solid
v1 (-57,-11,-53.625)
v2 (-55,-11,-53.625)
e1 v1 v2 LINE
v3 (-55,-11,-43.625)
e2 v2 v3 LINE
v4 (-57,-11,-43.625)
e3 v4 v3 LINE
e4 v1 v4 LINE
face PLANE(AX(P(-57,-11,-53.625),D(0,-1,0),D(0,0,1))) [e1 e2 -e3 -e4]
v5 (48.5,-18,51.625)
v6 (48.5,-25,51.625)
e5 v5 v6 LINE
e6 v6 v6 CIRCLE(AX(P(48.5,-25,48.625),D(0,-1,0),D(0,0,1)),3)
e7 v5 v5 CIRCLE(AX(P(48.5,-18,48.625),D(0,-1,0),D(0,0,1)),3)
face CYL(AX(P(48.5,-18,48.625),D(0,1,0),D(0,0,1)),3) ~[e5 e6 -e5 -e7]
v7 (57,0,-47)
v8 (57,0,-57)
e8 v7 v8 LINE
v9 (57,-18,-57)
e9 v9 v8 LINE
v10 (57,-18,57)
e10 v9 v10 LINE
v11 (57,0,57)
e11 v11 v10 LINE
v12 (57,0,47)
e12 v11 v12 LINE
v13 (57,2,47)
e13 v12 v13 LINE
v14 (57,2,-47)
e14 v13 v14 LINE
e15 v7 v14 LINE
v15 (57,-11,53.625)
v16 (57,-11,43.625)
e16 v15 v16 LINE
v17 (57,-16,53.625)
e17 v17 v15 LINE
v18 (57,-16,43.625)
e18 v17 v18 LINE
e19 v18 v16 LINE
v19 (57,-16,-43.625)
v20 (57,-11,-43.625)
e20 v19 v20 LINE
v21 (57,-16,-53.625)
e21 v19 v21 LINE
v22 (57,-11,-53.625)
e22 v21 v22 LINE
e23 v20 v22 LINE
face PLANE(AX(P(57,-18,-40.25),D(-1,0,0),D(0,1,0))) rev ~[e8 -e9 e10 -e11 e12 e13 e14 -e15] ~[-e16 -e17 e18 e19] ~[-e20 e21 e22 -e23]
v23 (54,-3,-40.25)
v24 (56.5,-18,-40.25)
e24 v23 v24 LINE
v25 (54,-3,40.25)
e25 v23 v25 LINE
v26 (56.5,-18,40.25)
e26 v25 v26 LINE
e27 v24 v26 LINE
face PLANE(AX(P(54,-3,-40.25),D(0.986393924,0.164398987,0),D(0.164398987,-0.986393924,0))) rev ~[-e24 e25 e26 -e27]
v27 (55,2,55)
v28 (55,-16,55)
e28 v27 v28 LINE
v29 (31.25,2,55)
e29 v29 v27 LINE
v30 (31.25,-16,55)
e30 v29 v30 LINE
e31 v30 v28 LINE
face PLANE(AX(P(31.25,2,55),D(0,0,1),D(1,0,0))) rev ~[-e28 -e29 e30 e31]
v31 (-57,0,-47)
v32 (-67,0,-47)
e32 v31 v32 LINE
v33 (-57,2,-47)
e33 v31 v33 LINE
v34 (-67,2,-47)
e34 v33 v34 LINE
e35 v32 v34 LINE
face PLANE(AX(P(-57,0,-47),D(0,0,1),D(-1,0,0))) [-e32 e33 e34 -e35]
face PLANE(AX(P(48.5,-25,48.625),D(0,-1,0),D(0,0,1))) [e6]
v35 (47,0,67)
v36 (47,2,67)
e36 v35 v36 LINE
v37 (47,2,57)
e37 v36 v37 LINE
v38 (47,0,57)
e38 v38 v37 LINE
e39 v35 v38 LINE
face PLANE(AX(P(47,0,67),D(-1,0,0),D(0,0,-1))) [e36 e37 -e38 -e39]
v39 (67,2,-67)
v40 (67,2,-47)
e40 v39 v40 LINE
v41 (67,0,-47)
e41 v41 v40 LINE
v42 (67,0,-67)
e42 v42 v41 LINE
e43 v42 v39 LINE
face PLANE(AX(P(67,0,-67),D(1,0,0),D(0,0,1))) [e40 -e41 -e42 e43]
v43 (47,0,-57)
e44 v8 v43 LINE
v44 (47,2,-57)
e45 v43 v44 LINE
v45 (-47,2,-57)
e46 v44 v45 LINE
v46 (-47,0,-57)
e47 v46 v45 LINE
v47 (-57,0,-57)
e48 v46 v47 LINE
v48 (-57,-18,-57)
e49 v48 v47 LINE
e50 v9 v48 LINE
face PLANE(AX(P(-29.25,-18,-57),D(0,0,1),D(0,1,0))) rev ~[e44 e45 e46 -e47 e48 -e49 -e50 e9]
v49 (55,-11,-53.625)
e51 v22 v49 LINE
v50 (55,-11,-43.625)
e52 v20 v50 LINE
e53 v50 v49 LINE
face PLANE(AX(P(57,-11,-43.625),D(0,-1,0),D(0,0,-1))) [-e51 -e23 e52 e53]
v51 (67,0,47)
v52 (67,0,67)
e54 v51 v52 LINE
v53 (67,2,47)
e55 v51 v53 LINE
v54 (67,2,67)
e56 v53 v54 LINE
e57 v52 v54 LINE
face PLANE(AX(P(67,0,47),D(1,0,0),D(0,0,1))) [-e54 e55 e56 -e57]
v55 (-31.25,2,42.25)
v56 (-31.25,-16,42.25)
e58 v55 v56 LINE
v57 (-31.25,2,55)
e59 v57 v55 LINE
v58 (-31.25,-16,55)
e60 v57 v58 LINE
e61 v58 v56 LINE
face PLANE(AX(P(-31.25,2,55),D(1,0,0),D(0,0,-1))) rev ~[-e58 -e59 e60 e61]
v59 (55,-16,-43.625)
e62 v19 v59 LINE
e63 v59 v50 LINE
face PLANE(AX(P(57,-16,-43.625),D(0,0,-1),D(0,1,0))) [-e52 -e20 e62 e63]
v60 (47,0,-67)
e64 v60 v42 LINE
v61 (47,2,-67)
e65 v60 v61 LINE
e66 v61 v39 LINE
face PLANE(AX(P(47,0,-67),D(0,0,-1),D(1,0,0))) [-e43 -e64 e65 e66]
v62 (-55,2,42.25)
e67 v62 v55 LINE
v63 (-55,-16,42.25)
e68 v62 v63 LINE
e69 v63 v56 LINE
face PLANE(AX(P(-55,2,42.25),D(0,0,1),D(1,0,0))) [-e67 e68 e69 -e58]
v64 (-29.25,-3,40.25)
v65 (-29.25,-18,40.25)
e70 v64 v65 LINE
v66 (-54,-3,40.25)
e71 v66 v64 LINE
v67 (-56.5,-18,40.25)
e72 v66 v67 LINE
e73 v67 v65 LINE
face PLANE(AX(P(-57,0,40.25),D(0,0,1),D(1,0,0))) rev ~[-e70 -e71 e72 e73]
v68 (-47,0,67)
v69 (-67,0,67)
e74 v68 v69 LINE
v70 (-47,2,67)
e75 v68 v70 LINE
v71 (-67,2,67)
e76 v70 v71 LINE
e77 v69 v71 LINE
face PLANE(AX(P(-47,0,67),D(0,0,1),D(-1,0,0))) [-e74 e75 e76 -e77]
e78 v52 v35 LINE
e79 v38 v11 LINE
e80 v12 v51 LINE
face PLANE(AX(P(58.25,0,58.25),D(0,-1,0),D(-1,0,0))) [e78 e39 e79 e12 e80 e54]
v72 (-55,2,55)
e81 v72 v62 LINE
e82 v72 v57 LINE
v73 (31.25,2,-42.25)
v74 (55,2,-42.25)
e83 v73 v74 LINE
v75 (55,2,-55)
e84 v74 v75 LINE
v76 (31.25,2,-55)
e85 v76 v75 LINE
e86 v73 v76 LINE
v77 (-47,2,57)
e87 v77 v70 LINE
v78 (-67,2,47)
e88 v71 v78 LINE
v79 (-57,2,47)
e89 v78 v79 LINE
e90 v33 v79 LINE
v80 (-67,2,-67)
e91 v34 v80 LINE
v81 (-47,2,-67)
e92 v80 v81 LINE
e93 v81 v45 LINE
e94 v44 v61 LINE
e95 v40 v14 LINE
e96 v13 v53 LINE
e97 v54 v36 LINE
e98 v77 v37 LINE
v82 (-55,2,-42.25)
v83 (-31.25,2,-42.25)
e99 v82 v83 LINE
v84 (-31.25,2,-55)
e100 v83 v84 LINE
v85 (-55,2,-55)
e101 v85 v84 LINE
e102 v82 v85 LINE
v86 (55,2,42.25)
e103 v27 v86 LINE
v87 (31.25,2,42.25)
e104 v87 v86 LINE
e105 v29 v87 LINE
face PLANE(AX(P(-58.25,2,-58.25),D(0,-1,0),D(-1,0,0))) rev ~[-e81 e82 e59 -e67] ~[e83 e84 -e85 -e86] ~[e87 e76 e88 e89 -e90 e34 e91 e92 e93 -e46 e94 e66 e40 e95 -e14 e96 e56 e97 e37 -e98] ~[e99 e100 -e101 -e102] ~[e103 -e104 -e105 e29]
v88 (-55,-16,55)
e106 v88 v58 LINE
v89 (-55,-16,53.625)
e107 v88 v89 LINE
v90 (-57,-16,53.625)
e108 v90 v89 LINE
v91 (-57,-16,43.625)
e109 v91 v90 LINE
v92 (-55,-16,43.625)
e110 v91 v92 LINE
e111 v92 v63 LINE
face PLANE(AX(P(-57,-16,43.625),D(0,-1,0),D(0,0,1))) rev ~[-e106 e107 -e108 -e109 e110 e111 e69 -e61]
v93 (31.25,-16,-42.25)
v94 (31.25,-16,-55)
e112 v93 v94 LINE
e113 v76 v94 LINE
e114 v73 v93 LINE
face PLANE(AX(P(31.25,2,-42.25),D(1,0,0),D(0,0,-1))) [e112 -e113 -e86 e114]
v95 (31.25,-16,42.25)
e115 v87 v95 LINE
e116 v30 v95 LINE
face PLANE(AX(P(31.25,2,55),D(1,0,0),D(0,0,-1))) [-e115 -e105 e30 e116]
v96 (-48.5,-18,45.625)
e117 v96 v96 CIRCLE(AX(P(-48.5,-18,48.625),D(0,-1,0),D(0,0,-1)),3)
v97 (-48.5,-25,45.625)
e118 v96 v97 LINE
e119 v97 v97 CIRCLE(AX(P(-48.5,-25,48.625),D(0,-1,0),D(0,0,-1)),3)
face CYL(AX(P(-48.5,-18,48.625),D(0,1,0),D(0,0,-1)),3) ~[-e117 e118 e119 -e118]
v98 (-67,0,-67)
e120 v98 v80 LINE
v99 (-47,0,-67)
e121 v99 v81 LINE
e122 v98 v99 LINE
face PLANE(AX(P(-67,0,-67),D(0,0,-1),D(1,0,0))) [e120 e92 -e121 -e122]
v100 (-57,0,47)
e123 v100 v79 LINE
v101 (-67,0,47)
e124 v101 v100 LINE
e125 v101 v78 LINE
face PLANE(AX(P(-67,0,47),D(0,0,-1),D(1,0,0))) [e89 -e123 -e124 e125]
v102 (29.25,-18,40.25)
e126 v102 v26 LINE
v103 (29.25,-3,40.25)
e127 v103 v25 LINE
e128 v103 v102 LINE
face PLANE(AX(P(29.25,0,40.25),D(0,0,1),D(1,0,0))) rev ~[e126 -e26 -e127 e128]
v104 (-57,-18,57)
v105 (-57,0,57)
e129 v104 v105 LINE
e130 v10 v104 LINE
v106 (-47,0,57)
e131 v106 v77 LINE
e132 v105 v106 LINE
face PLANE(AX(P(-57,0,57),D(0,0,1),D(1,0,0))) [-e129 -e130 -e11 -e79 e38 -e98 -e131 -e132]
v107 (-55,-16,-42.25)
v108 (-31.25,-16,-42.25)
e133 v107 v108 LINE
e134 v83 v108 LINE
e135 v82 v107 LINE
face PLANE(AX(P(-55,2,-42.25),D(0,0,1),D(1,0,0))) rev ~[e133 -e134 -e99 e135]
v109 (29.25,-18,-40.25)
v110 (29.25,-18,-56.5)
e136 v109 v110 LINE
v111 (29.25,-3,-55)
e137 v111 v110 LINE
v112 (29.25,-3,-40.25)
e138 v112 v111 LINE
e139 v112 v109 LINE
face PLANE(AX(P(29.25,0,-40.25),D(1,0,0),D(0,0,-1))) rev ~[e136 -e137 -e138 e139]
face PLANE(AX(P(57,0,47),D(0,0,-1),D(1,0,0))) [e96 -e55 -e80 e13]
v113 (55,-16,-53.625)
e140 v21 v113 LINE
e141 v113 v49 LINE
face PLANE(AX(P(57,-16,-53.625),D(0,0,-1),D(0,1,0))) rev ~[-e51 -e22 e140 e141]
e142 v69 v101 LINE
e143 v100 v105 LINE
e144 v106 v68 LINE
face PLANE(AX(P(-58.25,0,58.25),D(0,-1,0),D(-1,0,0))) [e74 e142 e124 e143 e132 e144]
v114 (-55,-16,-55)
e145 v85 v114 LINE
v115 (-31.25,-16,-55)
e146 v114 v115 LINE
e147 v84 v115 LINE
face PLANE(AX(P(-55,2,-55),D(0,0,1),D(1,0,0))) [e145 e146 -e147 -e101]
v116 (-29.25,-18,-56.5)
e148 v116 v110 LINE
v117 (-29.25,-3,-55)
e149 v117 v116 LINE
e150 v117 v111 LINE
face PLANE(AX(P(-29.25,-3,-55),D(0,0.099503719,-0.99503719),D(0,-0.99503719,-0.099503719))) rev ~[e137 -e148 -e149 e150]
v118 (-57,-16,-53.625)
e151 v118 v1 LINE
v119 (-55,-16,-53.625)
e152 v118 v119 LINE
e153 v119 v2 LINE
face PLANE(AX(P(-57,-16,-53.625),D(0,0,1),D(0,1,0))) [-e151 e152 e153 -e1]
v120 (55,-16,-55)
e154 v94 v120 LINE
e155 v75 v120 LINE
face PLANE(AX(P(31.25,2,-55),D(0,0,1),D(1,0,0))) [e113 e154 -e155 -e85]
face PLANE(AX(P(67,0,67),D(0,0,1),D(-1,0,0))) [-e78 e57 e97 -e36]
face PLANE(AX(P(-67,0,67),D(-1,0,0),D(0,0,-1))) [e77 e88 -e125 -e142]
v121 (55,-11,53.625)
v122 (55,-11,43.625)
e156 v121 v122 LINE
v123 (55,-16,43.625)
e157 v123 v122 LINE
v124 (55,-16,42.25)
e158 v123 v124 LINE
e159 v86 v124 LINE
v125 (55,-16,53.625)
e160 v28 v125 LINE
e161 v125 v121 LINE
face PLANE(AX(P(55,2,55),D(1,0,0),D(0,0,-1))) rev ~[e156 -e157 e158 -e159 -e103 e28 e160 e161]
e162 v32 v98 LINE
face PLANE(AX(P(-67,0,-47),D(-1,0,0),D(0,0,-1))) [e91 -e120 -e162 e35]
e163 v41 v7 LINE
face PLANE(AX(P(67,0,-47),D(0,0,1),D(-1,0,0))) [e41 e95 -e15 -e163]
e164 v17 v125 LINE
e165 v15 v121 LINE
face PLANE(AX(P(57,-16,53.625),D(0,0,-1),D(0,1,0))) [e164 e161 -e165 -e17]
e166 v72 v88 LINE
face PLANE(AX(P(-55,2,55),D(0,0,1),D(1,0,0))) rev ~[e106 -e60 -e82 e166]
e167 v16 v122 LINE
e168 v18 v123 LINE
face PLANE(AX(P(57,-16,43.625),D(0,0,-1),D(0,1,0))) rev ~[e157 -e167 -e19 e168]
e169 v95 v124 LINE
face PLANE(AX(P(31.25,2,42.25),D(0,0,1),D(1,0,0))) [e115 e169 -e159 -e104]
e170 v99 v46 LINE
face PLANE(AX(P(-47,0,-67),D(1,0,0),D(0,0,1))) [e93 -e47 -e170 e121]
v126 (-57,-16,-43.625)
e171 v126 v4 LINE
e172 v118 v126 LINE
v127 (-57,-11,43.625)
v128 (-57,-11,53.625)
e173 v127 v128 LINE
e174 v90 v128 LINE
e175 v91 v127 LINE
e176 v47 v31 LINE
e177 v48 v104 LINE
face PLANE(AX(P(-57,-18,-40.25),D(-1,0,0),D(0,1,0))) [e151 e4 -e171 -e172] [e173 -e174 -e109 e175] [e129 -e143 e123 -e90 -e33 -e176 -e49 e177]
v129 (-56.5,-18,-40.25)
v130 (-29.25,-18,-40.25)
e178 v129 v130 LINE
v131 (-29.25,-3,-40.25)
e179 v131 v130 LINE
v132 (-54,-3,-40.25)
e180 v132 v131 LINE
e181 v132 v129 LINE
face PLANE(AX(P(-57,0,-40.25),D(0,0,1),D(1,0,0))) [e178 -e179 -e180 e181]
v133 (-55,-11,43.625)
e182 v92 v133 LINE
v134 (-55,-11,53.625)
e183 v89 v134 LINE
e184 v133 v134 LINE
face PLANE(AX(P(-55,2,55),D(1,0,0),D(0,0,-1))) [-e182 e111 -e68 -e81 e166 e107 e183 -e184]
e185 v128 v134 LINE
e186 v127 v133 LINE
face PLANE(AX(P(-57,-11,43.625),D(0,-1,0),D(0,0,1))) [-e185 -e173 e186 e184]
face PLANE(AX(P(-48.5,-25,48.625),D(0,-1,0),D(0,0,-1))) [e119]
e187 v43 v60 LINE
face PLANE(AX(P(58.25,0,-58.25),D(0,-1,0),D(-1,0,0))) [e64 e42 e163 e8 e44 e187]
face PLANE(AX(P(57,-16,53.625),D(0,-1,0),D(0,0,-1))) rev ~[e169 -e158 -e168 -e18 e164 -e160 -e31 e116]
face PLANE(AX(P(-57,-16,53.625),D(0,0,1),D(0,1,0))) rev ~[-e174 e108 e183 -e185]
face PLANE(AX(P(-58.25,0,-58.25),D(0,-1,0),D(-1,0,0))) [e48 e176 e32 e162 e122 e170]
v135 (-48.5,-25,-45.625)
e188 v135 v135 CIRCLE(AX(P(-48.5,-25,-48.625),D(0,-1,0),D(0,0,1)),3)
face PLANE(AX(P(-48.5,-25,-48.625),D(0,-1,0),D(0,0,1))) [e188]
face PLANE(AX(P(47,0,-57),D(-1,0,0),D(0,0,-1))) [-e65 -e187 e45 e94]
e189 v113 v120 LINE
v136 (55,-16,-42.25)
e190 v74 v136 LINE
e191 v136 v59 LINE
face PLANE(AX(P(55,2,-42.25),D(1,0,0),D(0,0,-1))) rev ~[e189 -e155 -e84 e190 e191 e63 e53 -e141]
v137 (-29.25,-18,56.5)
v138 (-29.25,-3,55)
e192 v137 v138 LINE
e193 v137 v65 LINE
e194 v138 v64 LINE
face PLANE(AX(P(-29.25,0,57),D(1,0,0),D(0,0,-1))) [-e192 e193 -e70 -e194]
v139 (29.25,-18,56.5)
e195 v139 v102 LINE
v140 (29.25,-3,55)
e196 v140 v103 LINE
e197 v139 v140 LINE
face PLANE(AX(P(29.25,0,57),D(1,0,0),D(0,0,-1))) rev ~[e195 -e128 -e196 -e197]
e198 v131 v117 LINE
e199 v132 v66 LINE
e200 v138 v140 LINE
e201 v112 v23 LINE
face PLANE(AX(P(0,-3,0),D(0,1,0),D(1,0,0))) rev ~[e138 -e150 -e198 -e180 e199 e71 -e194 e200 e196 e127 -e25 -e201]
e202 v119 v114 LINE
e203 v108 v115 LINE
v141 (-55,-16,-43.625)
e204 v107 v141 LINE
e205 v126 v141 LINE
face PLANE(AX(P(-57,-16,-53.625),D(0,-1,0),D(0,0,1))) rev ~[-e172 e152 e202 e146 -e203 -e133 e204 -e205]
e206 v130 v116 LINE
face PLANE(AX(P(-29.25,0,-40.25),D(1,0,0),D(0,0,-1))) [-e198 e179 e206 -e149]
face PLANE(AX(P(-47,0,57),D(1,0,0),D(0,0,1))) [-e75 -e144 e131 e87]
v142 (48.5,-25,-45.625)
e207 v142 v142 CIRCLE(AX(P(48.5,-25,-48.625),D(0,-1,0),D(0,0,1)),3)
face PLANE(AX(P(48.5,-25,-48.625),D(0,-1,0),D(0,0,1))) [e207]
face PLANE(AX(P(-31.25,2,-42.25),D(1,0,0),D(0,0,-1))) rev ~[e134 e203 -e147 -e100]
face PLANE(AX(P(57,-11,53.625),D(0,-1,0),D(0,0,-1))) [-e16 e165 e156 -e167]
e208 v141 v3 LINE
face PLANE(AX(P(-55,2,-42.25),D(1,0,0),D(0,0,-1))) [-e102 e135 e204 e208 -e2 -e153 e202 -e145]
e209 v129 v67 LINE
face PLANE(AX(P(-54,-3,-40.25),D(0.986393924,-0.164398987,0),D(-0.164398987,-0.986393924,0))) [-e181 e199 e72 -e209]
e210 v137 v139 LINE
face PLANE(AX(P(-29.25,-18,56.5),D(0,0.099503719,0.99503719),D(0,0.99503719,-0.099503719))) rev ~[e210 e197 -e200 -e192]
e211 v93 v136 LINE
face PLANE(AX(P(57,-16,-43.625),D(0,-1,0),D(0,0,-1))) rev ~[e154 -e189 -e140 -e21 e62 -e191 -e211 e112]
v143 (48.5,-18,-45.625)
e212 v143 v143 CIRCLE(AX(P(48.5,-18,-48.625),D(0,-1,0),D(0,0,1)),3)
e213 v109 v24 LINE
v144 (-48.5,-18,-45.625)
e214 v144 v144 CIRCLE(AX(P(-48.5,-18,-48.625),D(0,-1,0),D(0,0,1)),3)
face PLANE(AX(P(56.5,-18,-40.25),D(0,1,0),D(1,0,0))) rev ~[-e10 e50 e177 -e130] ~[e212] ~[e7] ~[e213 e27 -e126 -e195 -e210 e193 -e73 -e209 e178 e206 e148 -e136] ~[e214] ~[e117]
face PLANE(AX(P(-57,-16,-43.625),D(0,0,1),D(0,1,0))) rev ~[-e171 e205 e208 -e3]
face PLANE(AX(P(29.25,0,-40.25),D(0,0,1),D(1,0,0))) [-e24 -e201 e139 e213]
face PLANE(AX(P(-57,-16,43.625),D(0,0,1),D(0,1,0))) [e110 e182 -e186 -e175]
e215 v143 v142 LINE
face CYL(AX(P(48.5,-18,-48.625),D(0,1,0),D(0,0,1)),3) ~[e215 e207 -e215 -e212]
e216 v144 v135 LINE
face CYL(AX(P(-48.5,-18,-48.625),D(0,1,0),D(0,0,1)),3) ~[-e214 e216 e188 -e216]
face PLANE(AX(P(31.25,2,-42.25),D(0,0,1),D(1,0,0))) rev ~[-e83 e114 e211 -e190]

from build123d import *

# Parameters (mm, degrees)
BOSS_EXTRUDE1_DEPTH      = 2
BOSS_EXTRUDE1_DEPTH_BACK = 3
SKETCH1_W                = 120
SKETCH1_H                = 120
SKETCH3_W                = 27.75
SKETCH3_H                = 16.75
BOSS_EXTRUDE4_DEPTH      = 18
SKETCH4_W                = 23.75
SKETCH4_H                = 12.75
CUT_EXTRUDE1_DEPTH       = 18
SKETCH5_R                = 3
BOSS_EXTRUDE5_DEPTH      = 7
SKETCH6_W                = 10
SKETCH6_H                = 5
CUT_EXTRUDE2_DEPTH       = 2
SKETCH7_W                = 10
SKETCH7_H                = 5
CUT_EXTRUDE3_DEPTH       = 2
BOSS_EXTRUDE6_REACH      = 112.411
BOSS_EXTRUDE7_REACH      = 121.478
SKETCH12_W               = 120
SKETCH12_H               = 5
CUT_EXTRUDE4_DEPTH       = 3
SKETCH13_W               = 120
SKETCH13_H               = 5
CUT_EXTRUDE5_DEPTH       = 3
SKETCH14_W               = 114
SKETCH14_H               = 5
CUT_EXTRUDE6_DEPTH       = 3
SKETCH15_W               = 114
SKETCH15_H               = 5
CUT_EXTRUDE7_DEPTH       = 3
BOSS_EXTRUDE8_DEPTH      = 2


with BuildPart() as part:
    # Sketch1 → Boss-Extrude1 (new, two sides: drawn at the far end of the back side and taken through both)
    with BuildSketch(Plane(origin=(0, 0, 0), x_dir=(1, 0, 0), z_dir=(0, 1, 0)).offset(-BOSS_EXTRUDE1_DEPTH_BACK)):
        Rectangle(SKETCH1_W, SKETCH1_H)
    extrude(amount=BOSS_EXTRUDE1_DEPTH + BOSS_EXTRUDE1_DEPTH_BACK)

    # Sketch3 → Boss-Extrude4 (add)
    with BuildSketch(Plane(origin=(0, 0, 0), x_dir=(1, 0, 0), z_dir=(0, 1, 0))):
        with Locations((-43.125, -48.625)):
            Rectangle(SKETCH3_W, SKETCH3_H)
        with Locations((43.125, -48.625)):
            Rectangle(SKETCH3_W, SKETCH3_H)
        with Locations((43.125, 48.625)):
            Rectangle(SKETCH3_W, SKETCH3_H)
        with Locations((-43.125, 48.625)):
            Rectangle(SKETCH3_W, SKETCH3_H)
    extrude(amount=-BOSS_EXTRUDE4_DEPTH)

    # Sketch4 → Cut-Extrude1 (cut)
    with BuildSketch(Plane(origin=(0, 2, 0), x_dir=(1, 0, 0), z_dir=(0, 1, 0))):
        with Locations((-43.125, -48.625)):
            Rectangle(SKETCH4_W, SKETCH4_H)
        with Locations((43.125, -48.625)):
            Rectangle(SKETCH4_W, SKETCH4_H)
        with Locations((43.125, 48.625)):
            Rectangle(SKETCH4_W, SKETCH4_H)
        with Locations((-43.125, 48.625)):
            Rectangle(SKETCH4_W, SKETCH4_H)
    extrude(amount=-CUT_EXTRUDE1_DEPTH, mode=Mode.SUBTRACT)

    # Sketch5 → Boss-Extrude5 (add)
    with BuildSketch(Plane(origin=(0, -18, 0), x_dir=(-1, 0, 0), z_dir=(0, -1, 0))):
        with Locations(Location((48.5, -48.625, 0), (0, 0, 90))):
            Circle(SKETCH5_R)
        with Locations(Location((-48.5, -48.625, 0), (0, 0, 270))):
            Circle(SKETCH5_R)
        with Locations(Location((48.5, 48.625, 0), (0, 0, 270))):
            Circle(SKETCH5_R)
        with Locations(Location((-48.5, 48.625, 0), (0, 0, 270))):
            Circle(SKETCH5_R)
    extrude(amount=BOSS_EXTRUDE5_DEPTH)

    # Sketch6 → Cut-Extrude2 (cut)
    with BuildSketch(Plane(origin=(57, 0, 0), x_dir=(0, 0, -1), z_dir=(1, 0, 0))):
        with Locations((-48.625, -13.5)):
            Rectangle(SKETCH6_W, SKETCH6_H)
        with Locations((48.625, -13.5)):
            Rectangle(SKETCH6_W, SKETCH6_H)
    extrude(amount=-CUT_EXTRUDE2_DEPTH, mode=Mode.SUBTRACT)

    # Sketch7 → Cut-Extrude3 (cut)
    with BuildSketch(Plane.ZY.offset(57)):
        with Locations((48.625, -13.5)):
            Rectangle(SKETCH7_W, SKETCH7_H)
        with Locations((-48.625, -13.5)):
            Rectangle(SKETCH7_W, SKETCH7_H)
    extrude(amount=-CUT_EXTRUDE3_DEPTH, mode=Mode.SUBTRACT)

    # Sketch9 → Boss-Extrude6 (add, up to next)
    with BuildSketch(Plane(origin=(-29.25, 0, 0), x_dir=(0, 0, -1), z_dir=(1, 0, 0)), mode=Mode.PRIVATE) as boss_extrude6_sk1:
        Polygon((57, -3), (55, -3), (56.5, -18), (57, -18), align=None)
    boss_extrude6_tool1 = extrude(boss_extrude6_sk1.sketch, amount=BOSS_EXTRUDE6_REACH, mode=Mode.PRIVATE) - part.part
    # Sketch9 → Boss-Extrude6 (add, up to next)
    with BuildSketch(Plane(origin=(-29.25, 0, 0), x_dir=(0, 0, -1), z_dir=(1, 0, 0)), mode=Mode.PRIVATE) as boss_extrude6_sk2:
        Polygon((-56.5, -18), (-55, -3), (-57, -3), (-57, -18), align=None)
    boss_extrude6_tool2 = extrude(boss_extrude6_sk2.sketch, amount=BOSS_EXTRUDE6_REACH, mode=Mode.PRIVATE) - part.part
    add(boss_extrude6_tool1.solids().sort_by_distance((-29.25, -9, -56.3))[0])
    add(boss_extrude6_tool2.solids().sort_by_distance((-29.25, -9, 56.3))[0])

    # Sketch10 → Boss-Extrude7 (add, up to next)
    with BuildSketch(Plane.XY.offset(-40.25), mode=Mode.PRIVATE) as boss_extrude7_sk1:
        Polygon((-57, -3), (-54, -3), (-56.5, -18), (-57, -18), align=None)
    boss_extrude7_tool1 = extrude(boss_extrude7_sk1.sketch, amount=BOSS_EXTRUDE7_REACH, mode=Mode.PRIVATE) - part.part
    # Sketch10 → Boss-Extrude7 (add, up to next)
    with BuildSketch(Plane.XY.offset(-40.25), mode=Mode.PRIVATE) as boss_extrude7_sk2:
        Polygon((54, -3), (56.5, -18), (57, -18), (57, -3), align=None)
    boss_extrude7_tool2 = extrude(boss_extrude7_sk2.sketch, amount=BOSS_EXTRUDE7_REACH, mode=Mode.PRIVATE) - part.part
    add(boss_extrude7_tool1.solids().sort_by_distance((-55.97619, -8.714286, -40.25))[0])
    add(boss_extrude7_tool2.solids().sort_by_distance((55.97619, -8.714286, -40.25))[0])

    # Sketch12 → Cut-Extrude4 (cut)
    with BuildSketch(Plane.XY.offset(60)):
        with Locations((0, -0.5)):
            Rectangle(SKETCH12_W, SKETCH12_H)
    extrude(amount=-CUT_EXTRUDE4_DEPTH, mode=Mode.SUBTRACT)

    # Sketch13 → Cut-Extrude5 (cut)
    with BuildSketch(Plane(origin=(0, 0, -60), x_dir=(-1, 0, 0), z_dir=(0, 0, -1))):
        with Locations((0, -0.5)):
            Rectangle(SKETCH13_W, SKETCH13_H)
    extrude(amount=-CUT_EXTRUDE5_DEPTH, mode=Mode.SUBTRACT)

    # Sketch14 → Cut-Extrude6 (cut)
    with BuildSketch(Plane.ZY.offset(60)):
        with Locations((0, -0.5)):
            Rectangle(SKETCH14_W, SKETCH14_H)
    extrude(amount=-CUT_EXTRUDE6_DEPTH, mode=Mode.SUBTRACT)

    # Sketch15 → Cut-Extrude7 (cut)
    with BuildSketch(Plane(origin=(60, 0, 0), x_dir=(0, 0, -1), z_dir=(1, 0, 0))):
        with Locations((0, -0.5)):
            Rectangle(SKETCH15_W, SKETCH15_H)
    extrude(amount=-CUT_EXTRUDE7_DEPTH, mode=Mode.SUBTRACT)

    # Sketch16 → Boss-Extrude8 (add)
    with BuildSketch(Plane(origin=(0, 0, 0), x_dir=(1, 0, 0), z_dir=(0, 1, 0))):
        Polygon((-57, 47), (-67, 47), (-67, 67), (-47, 67), (-47, 57), (-57, 57), align=None)
        Polygon((57, 47), (57, 57), (47, 57), (47, 67), (67, 67), (67, 47), align=None)
        Polygon((67, -67), (47, -67), (47, -57), (57, -57), (57, -47), (67, -47), align=None)
        Polygon((-57, -57), (-47, -57), (-47, -67), (-67, -67), (-67, -47), (-57, -47), align=None)
    extrude(amount=BOSS_EXTRUDE8_DEPTH)


solid = part.part
